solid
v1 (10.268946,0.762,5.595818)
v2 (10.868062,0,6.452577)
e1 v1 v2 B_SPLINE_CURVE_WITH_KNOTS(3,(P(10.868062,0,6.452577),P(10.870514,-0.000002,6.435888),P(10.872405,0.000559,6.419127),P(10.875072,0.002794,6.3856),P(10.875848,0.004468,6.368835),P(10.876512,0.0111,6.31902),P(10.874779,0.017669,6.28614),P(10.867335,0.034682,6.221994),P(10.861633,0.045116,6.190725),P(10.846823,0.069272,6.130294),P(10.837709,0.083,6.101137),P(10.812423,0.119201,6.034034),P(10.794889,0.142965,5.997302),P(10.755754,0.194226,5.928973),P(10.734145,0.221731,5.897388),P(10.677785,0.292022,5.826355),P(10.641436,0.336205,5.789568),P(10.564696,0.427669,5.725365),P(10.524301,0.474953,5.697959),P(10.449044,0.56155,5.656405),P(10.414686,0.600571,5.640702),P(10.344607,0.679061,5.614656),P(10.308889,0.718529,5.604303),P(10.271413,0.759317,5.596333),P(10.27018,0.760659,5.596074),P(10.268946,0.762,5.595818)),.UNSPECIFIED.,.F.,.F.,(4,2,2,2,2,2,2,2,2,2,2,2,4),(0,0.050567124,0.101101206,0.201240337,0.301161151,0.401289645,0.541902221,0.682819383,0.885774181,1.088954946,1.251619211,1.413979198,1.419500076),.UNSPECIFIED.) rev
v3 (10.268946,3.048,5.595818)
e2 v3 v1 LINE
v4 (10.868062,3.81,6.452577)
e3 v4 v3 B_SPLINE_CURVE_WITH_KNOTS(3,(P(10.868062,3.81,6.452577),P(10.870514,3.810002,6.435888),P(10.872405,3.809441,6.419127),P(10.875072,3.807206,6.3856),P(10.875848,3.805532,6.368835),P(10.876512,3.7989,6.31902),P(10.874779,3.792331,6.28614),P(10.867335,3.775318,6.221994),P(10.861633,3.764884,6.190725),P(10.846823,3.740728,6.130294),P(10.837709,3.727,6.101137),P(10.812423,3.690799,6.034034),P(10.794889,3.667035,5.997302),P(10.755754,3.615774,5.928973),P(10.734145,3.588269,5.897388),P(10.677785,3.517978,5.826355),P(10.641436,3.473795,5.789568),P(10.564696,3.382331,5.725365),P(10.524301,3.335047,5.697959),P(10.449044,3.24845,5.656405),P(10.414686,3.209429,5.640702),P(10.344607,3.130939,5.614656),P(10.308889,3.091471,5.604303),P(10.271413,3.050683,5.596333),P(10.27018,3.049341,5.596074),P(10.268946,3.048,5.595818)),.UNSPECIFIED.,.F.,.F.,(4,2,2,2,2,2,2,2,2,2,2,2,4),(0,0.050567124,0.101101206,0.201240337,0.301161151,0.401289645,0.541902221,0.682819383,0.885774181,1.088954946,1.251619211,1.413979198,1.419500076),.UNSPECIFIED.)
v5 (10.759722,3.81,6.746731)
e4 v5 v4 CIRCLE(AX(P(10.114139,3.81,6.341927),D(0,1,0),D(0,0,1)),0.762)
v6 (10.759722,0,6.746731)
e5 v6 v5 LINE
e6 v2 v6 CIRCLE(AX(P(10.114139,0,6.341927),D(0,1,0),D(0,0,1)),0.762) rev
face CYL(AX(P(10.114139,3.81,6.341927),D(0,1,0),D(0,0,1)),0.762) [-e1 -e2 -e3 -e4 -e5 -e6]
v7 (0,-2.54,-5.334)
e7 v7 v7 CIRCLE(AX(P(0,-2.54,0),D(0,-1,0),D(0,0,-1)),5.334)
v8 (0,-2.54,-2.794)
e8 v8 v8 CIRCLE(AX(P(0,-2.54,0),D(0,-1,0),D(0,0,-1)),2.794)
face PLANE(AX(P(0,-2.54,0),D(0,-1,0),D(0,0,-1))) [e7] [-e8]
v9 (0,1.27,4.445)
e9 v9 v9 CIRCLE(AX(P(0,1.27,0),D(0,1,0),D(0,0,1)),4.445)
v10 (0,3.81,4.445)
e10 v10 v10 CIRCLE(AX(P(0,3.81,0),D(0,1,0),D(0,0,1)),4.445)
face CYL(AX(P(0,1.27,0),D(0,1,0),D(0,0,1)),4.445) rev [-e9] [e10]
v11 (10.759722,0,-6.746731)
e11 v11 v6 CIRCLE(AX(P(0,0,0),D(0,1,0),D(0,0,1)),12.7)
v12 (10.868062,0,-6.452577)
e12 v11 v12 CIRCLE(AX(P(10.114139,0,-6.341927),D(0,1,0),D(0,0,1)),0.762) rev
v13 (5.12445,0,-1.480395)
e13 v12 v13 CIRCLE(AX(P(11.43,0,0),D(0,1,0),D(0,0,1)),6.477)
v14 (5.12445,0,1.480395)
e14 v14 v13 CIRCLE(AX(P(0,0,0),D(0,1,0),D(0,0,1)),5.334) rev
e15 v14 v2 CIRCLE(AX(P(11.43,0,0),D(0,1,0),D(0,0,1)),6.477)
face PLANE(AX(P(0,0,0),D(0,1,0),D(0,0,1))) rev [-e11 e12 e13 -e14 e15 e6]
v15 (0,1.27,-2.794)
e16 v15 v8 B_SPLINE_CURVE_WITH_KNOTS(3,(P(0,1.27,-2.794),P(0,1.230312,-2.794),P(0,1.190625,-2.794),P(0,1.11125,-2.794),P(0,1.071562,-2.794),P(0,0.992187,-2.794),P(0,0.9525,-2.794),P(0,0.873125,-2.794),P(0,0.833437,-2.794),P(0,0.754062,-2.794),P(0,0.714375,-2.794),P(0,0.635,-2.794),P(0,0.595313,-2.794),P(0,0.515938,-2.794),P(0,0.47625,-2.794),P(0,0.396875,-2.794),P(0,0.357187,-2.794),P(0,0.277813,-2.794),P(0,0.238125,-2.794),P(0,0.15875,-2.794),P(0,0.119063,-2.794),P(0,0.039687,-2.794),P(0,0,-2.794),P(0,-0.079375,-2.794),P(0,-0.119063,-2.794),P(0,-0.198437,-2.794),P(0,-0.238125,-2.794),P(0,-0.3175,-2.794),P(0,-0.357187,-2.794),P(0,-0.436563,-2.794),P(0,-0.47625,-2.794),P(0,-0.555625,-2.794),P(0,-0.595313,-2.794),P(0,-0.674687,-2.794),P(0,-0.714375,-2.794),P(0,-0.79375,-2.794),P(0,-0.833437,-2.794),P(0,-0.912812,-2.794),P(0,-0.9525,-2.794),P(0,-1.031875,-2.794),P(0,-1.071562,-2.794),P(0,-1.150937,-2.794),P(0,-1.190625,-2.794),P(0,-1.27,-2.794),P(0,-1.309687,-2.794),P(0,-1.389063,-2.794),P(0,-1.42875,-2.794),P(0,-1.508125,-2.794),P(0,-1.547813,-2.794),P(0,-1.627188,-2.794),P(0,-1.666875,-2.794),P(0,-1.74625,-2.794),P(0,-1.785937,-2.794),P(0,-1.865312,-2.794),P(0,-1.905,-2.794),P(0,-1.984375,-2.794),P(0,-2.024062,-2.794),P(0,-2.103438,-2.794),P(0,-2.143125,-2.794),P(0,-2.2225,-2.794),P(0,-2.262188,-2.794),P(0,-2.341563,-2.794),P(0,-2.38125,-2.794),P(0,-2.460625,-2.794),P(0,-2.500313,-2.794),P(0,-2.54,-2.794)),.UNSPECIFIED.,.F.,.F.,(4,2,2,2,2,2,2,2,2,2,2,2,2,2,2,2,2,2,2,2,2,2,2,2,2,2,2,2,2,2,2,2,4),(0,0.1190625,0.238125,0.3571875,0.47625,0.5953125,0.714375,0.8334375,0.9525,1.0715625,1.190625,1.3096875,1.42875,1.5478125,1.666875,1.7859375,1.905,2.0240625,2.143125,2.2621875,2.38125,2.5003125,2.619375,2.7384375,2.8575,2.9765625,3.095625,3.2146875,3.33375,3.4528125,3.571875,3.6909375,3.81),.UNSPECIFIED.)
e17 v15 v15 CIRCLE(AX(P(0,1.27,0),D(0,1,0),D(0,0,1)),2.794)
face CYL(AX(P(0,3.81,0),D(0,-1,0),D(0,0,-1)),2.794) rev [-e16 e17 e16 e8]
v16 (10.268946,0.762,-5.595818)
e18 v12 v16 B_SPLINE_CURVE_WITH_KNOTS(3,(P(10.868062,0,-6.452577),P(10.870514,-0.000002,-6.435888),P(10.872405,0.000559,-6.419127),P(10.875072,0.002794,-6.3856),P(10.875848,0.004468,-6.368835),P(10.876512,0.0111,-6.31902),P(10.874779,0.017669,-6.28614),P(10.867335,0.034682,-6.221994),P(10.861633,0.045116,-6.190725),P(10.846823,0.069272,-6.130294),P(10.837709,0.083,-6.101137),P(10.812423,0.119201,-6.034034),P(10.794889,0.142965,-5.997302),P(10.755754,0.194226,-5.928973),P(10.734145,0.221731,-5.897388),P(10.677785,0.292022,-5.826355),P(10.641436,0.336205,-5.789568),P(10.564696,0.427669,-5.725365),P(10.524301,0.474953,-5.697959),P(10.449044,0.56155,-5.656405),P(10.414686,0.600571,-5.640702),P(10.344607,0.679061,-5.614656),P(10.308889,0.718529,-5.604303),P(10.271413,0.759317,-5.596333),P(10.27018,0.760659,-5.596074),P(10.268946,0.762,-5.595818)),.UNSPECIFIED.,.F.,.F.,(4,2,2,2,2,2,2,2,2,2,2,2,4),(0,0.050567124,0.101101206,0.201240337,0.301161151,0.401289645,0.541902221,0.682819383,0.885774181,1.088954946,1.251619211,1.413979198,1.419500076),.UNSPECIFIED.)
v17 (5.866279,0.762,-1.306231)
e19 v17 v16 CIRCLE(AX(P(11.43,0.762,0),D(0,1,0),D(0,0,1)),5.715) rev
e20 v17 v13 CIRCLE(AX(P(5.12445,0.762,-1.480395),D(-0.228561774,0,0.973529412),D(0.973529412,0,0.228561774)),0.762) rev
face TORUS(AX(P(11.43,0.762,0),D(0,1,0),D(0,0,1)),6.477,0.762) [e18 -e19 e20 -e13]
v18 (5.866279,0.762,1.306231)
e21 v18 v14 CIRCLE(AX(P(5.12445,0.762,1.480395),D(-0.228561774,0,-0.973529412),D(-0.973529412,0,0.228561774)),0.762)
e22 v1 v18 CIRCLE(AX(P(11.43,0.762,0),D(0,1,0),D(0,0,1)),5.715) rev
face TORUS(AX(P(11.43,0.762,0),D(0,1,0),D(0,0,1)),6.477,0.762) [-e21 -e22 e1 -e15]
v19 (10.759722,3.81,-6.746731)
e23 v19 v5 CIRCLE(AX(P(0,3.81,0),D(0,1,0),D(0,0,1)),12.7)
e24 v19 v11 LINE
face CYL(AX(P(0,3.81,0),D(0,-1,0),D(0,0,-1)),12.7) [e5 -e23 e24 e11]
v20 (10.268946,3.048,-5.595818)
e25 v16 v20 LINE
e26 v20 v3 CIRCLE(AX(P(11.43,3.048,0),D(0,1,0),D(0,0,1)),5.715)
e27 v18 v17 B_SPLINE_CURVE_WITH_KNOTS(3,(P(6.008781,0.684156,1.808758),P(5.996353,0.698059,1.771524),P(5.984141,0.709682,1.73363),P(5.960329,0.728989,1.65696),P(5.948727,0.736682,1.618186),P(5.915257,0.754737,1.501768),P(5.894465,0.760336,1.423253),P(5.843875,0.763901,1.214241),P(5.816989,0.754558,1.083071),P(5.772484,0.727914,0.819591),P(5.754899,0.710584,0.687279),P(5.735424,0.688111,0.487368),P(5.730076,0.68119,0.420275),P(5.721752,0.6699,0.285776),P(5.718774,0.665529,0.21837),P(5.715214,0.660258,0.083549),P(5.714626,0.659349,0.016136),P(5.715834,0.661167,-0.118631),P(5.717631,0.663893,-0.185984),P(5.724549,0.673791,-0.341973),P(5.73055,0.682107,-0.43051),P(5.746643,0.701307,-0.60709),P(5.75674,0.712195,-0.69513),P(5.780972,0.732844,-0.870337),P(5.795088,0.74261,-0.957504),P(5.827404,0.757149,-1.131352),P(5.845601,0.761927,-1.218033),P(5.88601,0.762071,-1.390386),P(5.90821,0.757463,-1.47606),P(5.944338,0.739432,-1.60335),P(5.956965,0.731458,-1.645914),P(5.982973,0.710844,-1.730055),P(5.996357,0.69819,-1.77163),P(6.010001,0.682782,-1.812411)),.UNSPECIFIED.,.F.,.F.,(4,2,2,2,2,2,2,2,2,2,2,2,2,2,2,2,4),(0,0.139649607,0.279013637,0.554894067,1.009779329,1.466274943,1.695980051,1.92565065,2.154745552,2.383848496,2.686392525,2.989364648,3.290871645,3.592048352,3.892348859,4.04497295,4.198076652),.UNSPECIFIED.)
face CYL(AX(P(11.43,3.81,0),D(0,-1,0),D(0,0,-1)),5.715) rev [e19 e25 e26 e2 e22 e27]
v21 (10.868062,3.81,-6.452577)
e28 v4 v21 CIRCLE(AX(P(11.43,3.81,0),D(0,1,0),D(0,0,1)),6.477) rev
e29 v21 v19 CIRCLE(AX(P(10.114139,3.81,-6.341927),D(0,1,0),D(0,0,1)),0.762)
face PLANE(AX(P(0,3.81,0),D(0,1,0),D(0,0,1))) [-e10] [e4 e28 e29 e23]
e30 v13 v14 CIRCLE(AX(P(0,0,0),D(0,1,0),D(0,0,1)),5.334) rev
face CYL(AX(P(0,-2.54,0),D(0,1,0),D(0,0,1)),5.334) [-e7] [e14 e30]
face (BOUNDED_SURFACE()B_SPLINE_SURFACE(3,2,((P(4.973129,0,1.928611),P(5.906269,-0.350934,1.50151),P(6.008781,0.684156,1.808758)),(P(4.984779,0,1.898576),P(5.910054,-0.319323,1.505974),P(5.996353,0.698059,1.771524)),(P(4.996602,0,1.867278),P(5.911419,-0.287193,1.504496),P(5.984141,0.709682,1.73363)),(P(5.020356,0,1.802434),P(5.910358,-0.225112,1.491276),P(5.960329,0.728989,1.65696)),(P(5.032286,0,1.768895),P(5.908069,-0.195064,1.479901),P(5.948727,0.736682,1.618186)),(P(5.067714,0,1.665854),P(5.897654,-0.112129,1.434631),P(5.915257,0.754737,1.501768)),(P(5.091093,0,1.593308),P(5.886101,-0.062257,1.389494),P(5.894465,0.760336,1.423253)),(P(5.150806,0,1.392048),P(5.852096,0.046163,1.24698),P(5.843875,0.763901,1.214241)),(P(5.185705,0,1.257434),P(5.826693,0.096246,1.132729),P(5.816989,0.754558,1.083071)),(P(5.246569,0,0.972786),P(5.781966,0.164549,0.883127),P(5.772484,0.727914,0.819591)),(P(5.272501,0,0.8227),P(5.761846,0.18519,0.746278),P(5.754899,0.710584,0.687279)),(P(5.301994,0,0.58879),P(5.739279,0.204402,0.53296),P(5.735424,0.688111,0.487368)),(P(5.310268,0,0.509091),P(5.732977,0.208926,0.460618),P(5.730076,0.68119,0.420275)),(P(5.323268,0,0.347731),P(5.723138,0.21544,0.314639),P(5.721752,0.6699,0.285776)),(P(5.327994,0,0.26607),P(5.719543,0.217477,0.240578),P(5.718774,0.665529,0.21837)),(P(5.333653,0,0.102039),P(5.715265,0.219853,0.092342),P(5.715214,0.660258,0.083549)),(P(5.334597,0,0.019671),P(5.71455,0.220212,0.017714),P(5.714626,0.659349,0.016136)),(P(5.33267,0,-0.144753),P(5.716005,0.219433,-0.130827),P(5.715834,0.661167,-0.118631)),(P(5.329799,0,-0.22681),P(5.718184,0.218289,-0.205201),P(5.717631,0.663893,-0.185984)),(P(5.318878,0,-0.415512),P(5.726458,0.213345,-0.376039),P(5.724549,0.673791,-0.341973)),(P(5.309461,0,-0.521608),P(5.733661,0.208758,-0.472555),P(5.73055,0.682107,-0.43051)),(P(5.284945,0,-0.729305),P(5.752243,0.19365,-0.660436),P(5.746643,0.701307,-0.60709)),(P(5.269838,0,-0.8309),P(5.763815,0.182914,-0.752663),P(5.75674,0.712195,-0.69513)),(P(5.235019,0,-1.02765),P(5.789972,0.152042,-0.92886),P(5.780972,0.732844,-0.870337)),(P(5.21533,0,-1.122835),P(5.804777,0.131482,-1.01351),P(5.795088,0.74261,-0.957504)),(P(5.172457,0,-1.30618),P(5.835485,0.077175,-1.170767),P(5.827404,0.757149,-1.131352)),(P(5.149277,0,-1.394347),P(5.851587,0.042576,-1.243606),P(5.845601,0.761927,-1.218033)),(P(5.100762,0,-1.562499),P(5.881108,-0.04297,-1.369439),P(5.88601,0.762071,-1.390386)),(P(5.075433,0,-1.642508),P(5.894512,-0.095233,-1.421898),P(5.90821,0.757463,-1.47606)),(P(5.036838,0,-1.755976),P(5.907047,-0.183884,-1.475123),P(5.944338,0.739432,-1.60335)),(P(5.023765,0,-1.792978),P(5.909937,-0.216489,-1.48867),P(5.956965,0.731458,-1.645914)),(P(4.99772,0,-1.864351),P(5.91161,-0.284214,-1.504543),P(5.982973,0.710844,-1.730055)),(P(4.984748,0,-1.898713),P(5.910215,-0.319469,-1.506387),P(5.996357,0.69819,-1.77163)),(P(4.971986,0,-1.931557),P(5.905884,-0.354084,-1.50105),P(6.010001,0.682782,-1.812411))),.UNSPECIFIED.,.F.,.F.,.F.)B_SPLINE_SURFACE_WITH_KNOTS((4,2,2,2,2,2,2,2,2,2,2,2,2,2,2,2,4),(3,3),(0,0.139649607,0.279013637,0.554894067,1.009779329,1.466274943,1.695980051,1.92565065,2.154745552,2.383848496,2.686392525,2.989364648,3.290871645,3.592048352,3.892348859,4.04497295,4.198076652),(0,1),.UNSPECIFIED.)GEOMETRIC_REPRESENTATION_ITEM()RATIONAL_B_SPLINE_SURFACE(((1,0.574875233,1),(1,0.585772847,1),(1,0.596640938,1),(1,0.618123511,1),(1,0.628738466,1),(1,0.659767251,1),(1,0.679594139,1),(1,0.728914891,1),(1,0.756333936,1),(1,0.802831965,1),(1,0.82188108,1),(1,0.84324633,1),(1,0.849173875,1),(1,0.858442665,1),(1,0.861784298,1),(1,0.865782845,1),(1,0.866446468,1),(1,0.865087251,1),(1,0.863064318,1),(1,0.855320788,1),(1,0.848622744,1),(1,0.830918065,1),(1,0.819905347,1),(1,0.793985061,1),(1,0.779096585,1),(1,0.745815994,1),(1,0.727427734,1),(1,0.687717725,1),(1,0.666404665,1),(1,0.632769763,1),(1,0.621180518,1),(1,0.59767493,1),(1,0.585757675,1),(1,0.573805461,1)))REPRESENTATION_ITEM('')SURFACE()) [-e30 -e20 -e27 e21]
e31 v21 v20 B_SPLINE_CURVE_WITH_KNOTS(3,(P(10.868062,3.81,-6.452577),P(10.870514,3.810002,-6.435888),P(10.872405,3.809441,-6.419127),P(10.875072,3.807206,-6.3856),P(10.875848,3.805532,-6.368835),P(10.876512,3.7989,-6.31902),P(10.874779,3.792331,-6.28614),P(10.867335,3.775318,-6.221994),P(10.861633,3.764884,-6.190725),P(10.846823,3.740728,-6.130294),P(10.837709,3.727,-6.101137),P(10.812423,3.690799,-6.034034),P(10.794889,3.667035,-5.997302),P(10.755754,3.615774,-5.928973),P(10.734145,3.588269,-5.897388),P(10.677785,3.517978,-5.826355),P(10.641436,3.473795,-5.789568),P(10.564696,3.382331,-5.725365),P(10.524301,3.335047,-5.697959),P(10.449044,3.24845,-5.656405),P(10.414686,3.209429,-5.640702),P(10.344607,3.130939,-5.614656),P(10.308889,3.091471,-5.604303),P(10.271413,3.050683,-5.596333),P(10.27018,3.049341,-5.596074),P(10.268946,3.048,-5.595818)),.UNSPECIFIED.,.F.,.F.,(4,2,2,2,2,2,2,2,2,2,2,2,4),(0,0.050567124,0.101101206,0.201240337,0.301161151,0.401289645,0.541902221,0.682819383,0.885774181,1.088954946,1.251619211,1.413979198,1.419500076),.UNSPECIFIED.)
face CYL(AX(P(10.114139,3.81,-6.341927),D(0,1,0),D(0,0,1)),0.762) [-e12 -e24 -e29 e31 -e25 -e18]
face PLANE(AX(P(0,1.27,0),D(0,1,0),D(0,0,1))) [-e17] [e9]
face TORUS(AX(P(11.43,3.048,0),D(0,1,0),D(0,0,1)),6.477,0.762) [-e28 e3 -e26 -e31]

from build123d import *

# Parameters (mm, degrees)
SKETCH1_R           = 2.794
BOSS_EXTRUDE1_DEPTH = 3.81
SKETCH3_R           = 4.445
CUT_EXTRUDE1_DEPTH  = 2.54
BOSS_EXTRUDE2_START = 2.54
SKETCH4_R           = 5.334
SKETCH4_R_2         = 2.794
BOSS_EXTRUDE2_DEPTH = 2.54
FILLET2_R           = 0.762


with BuildPart() as part:
    # Sketch1 → Boss-Extrude1 (new body)
    with BuildSketch(Plane(origin=(0, 0, 0), x_dir=(1, 0, 0), z_dir=(0, 1, 0))):
        with BuildLine():
            ThreePointArc((11.341805556, 5.714319447), (5.715, 0), (11.341805556, -5.714319447))
            ThreePointArc((11.341805556, -5.714319447), (-12.7, 0), (11.341805556, 5.714319447))
        make_face()
        with Locations(Location((0, 0, 0), (0, 0, 90))):
            Circle(SKETCH1_R, mode=Mode.SUBTRACT)
    extrude(amount=BOSS_EXTRUDE1_DEPTH)

    # Sketch3 → Cut-Extrude1 (cut)
    with BuildSketch(Plane(origin=(0, 3.81, 0), x_dir=(1, 0, 0), z_dir=(0, 1, 0))):
        with Locations(Location((0, 0, 0), (0, 0, 270))):
            Circle(SKETCH3_R)
    extrude(amount=-CUT_EXTRUDE1_DEPTH, mode=Mode.SUBTRACT)

    # Sketch4 → Boss-Extrude2 (add)
    with BuildSketch(Plane.XZ.offset(BOSS_EXTRUDE2_START)):
        with Locations(Location((0, 0, 0), (0, 0, 90))):
            Circle(SKETCH4_R)
        with Locations(Location((0, 0, 0), (0, 0, 270))):
            Circle(SKETCH4_R_2, mode=Mode.SUBTRACT)
    extrude(amount=-BOSS_EXTRUDE2_DEPTH)

    # Fillet2
    fillet2_edges = [part.edges().sort_by_distance(p)[0] for p in [
        (5.715, 3.81, 0),
        (5.715, 0, 0),
        (11.341805556, 1.905, 5.714319447),
        (11.341805556, 1.905, -5.714319447),
    ]]
    fillet(fillet2_edges, radius=FILLET2_R)


solid = part.part
